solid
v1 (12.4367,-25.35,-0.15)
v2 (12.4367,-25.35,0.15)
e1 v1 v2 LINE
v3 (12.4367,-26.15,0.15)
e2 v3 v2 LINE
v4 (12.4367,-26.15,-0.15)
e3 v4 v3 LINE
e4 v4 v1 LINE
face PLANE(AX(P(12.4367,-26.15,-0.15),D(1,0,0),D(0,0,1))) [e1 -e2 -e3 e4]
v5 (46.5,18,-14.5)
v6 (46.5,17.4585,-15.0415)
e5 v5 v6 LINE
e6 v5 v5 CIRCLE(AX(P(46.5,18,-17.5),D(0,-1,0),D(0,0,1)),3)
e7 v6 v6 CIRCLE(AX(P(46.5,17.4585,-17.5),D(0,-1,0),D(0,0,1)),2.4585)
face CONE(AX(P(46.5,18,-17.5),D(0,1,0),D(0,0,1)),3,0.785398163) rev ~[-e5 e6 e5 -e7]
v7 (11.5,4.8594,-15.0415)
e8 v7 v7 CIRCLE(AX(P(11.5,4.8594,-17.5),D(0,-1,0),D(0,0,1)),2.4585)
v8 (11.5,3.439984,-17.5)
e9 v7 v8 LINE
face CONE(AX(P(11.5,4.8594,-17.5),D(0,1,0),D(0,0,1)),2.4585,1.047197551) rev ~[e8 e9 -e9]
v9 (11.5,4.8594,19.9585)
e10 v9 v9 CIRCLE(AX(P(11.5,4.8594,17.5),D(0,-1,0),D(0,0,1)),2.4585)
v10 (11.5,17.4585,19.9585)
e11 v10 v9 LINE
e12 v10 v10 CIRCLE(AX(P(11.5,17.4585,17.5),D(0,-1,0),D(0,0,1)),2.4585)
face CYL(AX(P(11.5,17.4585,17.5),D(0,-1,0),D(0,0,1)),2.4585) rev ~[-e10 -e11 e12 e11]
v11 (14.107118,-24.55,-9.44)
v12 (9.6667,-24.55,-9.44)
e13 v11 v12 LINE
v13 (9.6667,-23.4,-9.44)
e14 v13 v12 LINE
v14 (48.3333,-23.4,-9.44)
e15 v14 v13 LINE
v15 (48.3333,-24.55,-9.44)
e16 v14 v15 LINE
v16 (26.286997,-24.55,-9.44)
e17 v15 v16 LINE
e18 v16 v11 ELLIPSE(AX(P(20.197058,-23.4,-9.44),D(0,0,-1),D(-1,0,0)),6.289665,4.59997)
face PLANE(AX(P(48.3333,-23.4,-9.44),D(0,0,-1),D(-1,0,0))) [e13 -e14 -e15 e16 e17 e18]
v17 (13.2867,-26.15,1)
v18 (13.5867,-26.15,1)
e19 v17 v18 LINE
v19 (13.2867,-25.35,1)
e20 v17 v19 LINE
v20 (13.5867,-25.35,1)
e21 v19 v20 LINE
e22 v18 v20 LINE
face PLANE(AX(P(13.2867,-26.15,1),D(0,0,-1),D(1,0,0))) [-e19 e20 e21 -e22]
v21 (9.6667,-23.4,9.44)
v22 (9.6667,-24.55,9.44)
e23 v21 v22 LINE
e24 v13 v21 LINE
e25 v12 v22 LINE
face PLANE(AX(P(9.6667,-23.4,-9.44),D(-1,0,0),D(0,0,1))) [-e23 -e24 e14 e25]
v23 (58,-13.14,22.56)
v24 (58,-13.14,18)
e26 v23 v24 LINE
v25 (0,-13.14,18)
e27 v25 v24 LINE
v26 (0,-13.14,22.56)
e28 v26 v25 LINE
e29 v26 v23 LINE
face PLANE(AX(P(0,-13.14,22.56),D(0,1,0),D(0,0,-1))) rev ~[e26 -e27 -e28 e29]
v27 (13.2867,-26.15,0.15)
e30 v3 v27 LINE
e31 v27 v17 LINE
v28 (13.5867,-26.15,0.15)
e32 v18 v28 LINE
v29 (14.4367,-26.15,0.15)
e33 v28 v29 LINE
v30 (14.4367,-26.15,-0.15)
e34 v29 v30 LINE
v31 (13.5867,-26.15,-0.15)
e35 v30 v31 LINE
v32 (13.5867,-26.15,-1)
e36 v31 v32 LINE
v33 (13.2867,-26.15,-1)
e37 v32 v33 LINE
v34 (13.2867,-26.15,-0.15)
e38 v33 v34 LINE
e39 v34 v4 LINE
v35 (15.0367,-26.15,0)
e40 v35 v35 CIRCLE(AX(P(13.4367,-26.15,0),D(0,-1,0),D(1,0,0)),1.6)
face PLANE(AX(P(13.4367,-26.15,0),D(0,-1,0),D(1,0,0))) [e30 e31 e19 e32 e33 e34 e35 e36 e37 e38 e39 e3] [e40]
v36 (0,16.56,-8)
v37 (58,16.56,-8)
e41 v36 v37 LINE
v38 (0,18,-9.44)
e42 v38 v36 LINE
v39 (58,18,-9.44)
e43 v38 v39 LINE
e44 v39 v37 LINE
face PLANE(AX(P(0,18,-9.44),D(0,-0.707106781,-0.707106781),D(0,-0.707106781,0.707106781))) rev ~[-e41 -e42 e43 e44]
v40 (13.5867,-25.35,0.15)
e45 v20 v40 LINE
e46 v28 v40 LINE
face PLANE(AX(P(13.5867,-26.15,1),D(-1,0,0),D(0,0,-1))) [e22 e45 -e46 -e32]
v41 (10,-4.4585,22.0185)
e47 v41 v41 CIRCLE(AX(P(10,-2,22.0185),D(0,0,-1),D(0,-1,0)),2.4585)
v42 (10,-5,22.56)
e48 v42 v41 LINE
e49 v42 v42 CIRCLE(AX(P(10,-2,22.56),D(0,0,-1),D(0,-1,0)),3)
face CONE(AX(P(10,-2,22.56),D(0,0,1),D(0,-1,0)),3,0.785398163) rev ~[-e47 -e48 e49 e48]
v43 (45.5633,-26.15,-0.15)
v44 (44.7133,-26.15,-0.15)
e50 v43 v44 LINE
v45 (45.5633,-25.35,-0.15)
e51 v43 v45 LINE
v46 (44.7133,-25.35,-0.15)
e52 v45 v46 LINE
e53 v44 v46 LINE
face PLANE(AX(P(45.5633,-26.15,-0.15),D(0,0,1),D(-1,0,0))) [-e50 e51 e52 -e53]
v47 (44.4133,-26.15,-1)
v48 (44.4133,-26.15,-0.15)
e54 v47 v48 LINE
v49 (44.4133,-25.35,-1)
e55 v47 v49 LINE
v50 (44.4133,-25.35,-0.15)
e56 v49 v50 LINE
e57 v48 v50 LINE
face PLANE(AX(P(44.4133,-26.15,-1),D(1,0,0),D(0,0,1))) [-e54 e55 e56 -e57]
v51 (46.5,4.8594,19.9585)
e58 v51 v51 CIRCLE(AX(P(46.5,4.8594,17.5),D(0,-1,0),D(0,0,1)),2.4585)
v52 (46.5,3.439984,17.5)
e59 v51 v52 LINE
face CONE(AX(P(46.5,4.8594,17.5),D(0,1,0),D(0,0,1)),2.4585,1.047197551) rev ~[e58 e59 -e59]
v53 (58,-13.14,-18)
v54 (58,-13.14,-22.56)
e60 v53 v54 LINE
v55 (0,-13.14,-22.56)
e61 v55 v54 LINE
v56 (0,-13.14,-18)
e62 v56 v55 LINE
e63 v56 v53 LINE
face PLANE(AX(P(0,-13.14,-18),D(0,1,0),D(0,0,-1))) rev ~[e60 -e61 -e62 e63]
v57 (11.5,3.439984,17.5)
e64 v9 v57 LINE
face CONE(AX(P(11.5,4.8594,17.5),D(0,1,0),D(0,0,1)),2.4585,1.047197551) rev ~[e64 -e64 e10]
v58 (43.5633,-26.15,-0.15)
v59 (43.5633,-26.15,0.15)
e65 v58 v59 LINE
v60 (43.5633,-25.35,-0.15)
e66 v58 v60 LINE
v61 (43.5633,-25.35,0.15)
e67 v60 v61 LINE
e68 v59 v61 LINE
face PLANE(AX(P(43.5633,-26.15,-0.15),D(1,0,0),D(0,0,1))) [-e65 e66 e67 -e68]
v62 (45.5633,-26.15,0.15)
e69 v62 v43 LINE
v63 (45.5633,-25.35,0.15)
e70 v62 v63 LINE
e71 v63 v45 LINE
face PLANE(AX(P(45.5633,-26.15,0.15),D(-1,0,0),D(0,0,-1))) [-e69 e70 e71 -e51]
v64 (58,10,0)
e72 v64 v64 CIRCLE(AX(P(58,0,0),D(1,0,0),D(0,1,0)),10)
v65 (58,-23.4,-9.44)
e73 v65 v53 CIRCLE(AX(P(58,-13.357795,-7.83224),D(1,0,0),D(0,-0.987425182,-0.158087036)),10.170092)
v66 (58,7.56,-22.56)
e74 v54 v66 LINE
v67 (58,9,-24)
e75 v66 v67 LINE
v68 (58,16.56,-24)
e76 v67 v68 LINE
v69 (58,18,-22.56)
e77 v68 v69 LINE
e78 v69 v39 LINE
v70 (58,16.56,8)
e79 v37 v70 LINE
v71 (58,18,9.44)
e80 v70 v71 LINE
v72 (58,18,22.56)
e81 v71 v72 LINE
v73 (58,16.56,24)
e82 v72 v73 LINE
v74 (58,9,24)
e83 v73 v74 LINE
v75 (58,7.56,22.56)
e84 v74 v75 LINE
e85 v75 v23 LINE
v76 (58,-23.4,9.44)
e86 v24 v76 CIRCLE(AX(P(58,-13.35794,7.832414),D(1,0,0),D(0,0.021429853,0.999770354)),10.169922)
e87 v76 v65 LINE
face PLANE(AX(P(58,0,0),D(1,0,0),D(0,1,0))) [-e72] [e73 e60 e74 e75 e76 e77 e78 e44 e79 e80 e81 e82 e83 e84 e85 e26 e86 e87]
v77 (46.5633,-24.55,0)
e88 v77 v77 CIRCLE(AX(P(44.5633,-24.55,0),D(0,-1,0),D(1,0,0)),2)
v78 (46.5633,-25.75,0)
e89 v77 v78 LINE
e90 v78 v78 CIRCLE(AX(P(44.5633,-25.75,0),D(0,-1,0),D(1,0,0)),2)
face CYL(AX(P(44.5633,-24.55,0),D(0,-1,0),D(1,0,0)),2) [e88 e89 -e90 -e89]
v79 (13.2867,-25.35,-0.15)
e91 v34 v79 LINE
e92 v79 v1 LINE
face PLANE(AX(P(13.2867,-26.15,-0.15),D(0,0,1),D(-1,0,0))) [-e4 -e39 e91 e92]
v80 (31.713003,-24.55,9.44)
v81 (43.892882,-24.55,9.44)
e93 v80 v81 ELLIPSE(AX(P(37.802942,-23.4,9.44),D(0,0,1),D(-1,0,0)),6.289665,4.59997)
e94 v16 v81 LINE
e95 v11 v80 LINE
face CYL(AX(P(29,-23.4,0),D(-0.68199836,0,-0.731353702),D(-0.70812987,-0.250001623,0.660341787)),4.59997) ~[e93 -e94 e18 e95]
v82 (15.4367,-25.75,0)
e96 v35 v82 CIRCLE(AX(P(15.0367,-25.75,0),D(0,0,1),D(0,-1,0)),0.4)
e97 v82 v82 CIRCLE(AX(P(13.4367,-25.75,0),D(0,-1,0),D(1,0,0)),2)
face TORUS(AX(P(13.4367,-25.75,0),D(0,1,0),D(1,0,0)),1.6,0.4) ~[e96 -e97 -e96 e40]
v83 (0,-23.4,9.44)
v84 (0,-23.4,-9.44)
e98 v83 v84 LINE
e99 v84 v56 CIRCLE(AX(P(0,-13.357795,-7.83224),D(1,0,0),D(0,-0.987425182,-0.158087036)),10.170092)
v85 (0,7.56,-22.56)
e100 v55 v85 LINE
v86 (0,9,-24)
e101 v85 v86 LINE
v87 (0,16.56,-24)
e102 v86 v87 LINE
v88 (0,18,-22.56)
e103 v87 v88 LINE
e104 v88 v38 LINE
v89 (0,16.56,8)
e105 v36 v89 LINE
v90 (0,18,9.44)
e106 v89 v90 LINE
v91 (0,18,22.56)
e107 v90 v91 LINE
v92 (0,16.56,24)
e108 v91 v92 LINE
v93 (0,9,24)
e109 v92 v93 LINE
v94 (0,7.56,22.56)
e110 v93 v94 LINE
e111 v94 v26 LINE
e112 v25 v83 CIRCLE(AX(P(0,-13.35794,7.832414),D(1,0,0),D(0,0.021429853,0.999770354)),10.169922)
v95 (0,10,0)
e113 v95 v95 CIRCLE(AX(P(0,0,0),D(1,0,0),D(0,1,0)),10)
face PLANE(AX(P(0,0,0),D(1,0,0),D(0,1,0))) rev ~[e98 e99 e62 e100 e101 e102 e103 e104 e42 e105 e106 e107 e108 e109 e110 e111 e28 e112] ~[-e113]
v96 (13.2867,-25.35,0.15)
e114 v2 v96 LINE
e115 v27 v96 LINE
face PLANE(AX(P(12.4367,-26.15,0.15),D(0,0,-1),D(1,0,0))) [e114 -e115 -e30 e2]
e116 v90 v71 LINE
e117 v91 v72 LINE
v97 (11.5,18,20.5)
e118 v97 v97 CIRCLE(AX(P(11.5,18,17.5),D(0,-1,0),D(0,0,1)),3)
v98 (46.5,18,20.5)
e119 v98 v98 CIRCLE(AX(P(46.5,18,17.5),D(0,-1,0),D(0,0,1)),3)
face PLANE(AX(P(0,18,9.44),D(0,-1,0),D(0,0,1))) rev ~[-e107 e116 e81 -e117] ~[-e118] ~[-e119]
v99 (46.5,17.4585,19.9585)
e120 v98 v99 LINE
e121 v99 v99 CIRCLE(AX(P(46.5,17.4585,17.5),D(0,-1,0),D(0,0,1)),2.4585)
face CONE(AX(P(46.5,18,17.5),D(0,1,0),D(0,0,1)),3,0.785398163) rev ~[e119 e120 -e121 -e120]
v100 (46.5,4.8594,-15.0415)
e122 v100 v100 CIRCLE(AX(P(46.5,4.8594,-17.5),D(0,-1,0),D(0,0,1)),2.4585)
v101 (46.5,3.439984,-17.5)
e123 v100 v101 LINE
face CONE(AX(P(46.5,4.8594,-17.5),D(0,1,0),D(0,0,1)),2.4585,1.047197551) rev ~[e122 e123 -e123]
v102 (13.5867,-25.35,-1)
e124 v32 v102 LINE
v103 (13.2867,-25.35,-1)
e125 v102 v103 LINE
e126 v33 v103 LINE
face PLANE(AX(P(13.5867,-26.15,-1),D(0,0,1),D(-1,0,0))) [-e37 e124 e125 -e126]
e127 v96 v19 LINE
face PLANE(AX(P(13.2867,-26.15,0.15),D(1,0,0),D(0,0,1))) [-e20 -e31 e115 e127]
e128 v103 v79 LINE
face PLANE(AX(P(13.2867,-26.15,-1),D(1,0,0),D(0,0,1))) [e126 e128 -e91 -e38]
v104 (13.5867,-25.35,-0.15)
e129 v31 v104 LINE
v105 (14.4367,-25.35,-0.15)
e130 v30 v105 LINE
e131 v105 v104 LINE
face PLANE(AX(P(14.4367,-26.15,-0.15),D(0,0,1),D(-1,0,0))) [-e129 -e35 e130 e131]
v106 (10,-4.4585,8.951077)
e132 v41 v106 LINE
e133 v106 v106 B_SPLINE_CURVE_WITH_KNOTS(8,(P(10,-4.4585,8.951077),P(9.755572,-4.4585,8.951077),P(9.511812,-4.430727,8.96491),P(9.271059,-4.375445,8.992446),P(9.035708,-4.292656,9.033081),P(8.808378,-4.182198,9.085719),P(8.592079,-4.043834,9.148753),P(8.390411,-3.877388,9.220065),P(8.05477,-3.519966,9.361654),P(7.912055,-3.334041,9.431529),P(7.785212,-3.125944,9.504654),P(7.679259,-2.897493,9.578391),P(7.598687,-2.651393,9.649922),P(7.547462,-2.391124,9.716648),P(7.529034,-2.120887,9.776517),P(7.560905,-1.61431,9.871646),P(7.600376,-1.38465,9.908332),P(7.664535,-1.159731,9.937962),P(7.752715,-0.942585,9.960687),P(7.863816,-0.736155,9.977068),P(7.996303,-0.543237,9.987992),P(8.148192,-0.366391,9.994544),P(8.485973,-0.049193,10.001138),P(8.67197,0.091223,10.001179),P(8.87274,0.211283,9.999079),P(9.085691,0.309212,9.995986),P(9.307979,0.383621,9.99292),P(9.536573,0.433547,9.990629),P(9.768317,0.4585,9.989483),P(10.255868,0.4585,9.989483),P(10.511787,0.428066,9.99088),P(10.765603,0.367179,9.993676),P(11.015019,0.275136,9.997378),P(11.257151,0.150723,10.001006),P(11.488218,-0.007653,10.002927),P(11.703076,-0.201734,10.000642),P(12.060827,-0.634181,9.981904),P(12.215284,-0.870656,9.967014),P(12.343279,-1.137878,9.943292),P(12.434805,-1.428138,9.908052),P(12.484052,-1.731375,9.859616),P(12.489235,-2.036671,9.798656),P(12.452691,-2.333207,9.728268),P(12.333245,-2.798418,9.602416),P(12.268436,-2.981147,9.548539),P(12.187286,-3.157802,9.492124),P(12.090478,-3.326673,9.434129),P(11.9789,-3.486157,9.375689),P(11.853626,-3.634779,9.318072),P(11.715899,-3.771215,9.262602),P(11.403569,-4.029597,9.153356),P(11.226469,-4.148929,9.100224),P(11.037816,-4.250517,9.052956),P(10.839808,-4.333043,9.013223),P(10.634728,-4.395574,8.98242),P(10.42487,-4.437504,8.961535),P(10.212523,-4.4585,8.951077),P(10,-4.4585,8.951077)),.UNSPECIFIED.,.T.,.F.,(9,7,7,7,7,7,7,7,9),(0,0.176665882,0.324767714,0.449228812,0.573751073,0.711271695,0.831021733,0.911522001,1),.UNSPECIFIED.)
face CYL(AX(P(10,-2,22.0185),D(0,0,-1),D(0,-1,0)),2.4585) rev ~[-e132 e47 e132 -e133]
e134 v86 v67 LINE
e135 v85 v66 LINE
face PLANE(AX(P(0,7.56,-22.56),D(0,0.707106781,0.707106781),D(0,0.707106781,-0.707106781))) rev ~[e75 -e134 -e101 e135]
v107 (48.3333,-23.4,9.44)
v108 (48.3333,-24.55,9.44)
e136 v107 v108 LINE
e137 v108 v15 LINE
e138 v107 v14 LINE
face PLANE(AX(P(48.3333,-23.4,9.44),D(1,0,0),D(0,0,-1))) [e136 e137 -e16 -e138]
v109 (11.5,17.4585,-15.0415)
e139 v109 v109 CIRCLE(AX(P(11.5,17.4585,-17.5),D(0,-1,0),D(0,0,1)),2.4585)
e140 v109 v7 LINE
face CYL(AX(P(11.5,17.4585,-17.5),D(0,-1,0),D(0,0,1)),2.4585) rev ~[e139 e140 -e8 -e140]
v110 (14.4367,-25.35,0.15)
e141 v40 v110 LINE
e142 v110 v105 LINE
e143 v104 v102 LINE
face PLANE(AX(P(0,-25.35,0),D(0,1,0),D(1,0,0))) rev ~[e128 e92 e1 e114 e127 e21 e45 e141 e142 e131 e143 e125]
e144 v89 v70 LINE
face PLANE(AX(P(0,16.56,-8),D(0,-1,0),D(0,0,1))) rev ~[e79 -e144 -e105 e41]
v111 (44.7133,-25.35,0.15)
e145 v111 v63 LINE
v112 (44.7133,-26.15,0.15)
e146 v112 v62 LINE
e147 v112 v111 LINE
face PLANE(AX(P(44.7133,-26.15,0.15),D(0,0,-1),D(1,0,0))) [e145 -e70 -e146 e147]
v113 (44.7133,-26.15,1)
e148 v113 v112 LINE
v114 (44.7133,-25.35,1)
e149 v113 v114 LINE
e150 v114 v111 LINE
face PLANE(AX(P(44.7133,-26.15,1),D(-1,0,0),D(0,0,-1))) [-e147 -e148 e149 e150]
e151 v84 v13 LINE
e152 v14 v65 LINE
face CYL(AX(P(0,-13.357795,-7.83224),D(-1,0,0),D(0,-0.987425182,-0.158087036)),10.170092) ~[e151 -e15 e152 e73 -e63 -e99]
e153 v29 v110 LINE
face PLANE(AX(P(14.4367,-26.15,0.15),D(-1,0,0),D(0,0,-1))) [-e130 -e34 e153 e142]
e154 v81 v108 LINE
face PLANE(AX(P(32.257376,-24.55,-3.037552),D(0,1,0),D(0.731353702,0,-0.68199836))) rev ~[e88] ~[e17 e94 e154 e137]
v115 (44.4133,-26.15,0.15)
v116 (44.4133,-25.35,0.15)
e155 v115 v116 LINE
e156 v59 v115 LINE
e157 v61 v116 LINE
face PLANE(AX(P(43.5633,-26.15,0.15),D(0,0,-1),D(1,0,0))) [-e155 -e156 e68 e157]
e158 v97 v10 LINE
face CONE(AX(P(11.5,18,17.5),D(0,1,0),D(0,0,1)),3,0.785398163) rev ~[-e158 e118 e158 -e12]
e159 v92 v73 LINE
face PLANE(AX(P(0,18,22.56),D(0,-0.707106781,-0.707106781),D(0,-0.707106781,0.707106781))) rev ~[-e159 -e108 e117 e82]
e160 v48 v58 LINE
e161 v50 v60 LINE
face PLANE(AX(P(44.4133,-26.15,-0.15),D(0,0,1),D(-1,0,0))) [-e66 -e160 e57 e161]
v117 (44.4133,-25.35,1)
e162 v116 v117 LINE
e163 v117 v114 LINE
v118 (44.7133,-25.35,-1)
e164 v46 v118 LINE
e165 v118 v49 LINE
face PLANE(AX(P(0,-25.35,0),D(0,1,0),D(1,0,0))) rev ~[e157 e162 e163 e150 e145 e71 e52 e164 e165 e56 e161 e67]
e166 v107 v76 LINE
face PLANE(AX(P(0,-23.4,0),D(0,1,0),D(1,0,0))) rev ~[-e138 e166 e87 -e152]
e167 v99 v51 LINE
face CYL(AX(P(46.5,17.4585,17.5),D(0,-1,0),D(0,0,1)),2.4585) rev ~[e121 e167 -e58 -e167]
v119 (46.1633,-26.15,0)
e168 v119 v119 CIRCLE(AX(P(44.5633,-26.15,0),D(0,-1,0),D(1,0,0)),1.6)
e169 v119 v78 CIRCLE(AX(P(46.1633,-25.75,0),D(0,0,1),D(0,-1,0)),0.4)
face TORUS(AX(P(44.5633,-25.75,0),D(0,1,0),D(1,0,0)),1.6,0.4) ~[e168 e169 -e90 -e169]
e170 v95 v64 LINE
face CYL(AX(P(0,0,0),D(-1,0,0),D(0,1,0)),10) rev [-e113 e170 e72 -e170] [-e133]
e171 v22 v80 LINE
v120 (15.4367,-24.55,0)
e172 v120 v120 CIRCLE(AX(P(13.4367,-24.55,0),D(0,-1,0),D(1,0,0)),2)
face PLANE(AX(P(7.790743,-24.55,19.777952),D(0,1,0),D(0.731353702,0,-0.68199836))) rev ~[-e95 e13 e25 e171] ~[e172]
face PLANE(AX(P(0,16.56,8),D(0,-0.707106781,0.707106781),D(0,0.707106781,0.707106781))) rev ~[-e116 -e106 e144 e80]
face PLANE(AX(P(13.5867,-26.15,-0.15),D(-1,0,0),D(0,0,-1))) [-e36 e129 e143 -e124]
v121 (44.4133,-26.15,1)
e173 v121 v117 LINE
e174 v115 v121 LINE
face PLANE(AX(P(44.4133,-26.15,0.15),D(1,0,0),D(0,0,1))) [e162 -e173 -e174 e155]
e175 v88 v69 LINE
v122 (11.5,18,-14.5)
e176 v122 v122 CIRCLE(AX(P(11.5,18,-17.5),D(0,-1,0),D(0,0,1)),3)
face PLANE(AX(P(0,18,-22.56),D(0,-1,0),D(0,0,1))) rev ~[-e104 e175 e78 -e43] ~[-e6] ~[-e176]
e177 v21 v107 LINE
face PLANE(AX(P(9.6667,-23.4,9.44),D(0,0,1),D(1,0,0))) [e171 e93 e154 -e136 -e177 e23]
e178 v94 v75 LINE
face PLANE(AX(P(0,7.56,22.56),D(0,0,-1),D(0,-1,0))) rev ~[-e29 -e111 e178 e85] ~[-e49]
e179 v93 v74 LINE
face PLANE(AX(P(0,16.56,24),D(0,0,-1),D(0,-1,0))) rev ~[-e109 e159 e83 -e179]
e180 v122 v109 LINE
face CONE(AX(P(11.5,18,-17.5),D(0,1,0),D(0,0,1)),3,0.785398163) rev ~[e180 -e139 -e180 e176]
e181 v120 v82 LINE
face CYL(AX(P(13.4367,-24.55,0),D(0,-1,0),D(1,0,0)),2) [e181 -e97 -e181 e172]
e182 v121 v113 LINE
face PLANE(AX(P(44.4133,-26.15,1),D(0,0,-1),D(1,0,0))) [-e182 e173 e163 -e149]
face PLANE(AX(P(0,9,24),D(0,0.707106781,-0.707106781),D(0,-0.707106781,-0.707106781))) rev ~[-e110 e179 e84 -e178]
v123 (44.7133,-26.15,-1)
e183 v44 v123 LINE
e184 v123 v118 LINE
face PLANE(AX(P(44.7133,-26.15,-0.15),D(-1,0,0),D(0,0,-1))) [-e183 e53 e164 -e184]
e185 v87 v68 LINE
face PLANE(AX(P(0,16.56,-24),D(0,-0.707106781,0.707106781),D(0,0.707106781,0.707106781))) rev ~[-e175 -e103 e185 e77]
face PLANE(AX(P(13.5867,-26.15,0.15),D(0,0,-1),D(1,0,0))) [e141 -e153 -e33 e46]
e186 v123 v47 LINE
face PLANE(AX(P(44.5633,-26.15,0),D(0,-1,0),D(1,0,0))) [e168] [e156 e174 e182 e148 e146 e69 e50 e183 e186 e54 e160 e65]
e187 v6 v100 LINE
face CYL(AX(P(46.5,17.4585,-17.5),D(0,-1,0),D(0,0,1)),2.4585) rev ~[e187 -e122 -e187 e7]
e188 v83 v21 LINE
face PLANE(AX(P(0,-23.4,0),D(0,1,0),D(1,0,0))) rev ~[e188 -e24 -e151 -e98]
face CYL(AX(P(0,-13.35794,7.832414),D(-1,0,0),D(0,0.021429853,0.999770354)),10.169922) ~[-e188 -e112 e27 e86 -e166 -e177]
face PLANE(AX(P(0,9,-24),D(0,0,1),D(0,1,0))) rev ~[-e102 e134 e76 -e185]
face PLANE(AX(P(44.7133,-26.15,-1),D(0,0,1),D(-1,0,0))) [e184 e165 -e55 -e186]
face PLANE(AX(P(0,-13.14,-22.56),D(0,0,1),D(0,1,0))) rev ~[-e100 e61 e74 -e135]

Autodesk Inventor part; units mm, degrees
sketch "Sketch_1" plane through (0, 0, 0) normal (1, 0, 0) x (0, 1, 0)
  line L0 (16.56, 24) -> (9, 24)
  line L1 (9, 24) -> (7.56, 22.56)
  line L2 (7.56, 22.56) -> (-13.14, 22.56)
  line L3 (-13.14, 22.56) -> (-13.14, 18)
  arc A0 (-13.14, 18) -> (-23.4, 9.44) centre (-13.3579, 7.8323) ccw
  line L4 (-23.4, 9.44) -> (-23.4, -9.44)
  arc A1 (-23.4, -9.44) -> (-13.14, -18) centre (-13.3579, -7.8323) ccw
  line L5 (-13.14, -18) -> (-13.14, -22.56)
  line L6 (-13.14, -22.56) -> (7.56, -22.56)
  line L7 (7.56, -22.56) -> (9, -24)
  line L8 (9, -24) -> (16.56, -24)
  line L9 (16.56, -24) -> (18, -22.56)
  line L10 (18, -22.56) -> (18, -9.44)
  line L11 (18, -9.44) -> (16.56, -8)
  line L12 (16.56, -8) -> (16.56, 8)
  line L13 (16.56, 8) -> (18, 9.44)
  line L14 (18, 9.44) -> (18, 22.56)
  line L15 (18, 22.56) -> (16.56, 24)
  circle A2 centre (0, 0) radius 10
extrude "Extrusion1" add sketch "Sketch_1" along normal blind 58
sketch "Sketch_2" plane through (29, 0, 0) normal (0.682, 0, 0.7314) x (0.7314, 0, -0.682)
  line L0 (-29, -24.55) -> (-4.4539, -24.55)
  arc A0 (-4.4539, -24.55) -> (4.4539, -24.55) centre (0, -23.4) ccw
  line L1 (4.4539, -24.55) -> (29, -24.55)
  line L2 (29, -24.55) -> (29, -23.4)
  line L3 (29, -23.4) -> (-29, -23.4)
  line L4 (-29, -23.4) -> (-29, -24.55)
extrude "Extrusion2" add sketch "Sketch_2" along normal mid plane 58
sketch "Sketch_3" plane through (0, -23.4, 0) normal (0, 1, 0) x (1, 0, 0)
  line L0 (-29, -58) -> (87, -58)
  line L1 (87, -58) -> (87, 58)
  line L2 (87, 58) -> (-29, 58)
  line L3 (-29, 58) -> (-29, -58)
  line L4 (9.6667, -9.44) -> (48.3333, -9.44)
  line L5 (48.3333, -9.44) -> (48.3333, 9.44)
  line L6 (48.3333, 9.44) -> (9.6667, 9.44)
  line L7 (9.6667, 9.44) -> (9.6667, -9.44)
extrude "Extrusion3" cut sketch "Sketch_3" against normal blind 4.6
sketch "Sketch_4" plane through (0, 0, 0) normal (0, 0, 1) x (1, 0, 0)
  line L0 (13.4367, -26.15) -> (13.4367, -24.55)
  line L1 (13.4367, -24.55) -> (15.4367, -24.55)
  line L2 (15.4367, -24.55) -> (15.4367, -25.75)
  arc A0 (15.0367, -26.15) -> (15.4367, -25.75) centre (15.0367, -25.75) ccw
  line L3 (15.0367, -26.15) -> (13.4367, -26.15)
  line L4 (13.4367, -26.15) -> (13.4367, -24.55)
revolve "Revolution1" add sketch "Sketch_4" angle 360 about axis through (13.4367, -26.15, 0) along (0, -1, 0)
sketch "Sketch_5" plane through (0, 0, 0) normal (0, 0, 1) x (1, 0, 0)
  line L0 (44.5633, -26.15) -> (44.5633, -24.55)
  line L1 (44.5633, -24.55) -> (46.5633, -24.55)
  line L2 (46.5633, -24.55) -> (46.5633, -25.75)
  arc A0 (46.1633, -26.15) -> (46.5633, -25.75) centre (46.1633, -25.75) ccw
  line L3 (46.1633, -26.15) -> (44.5633, -26.15)
  line L4 (44.5633, -26.15) -> (44.5633, -24.55)
revolve "Revolution2" add sketch "Sketch_5" angle 360 about axis through (44.5633, -26.15, 0) along (0, -1, 0)
sketch "Sketch_6" plane through (0, -26.15, 0) normal (0, 1, 0) x (1, 0, 0)
  line L0 (43.5633, 0.15) -> (43.5633, -0.15)
  line L1 (43.5633, -0.15) -> (44.4133, -0.15)
  line L2 (44.4133, -0.15) -> (44.4133, -1)
  line L3 (44.4133, -1) -> (44.7133, -1)
  line L4 (44.7133, -1) -> (44.7133, -0.15)
  line L5 (44.7133, -0.15) -> (45.5633, -0.15)
  line L6 (45.5633, -0.15) -> (45.5633, 0.15)
  line L7 (45.5633, 0.15) -> (44.7133, 0.15)
  line L8 (44.7133, 0.15) -> (44.7133, 1)
  line L9 (44.7133, 1) -> (44.4133, 1)
  line L10 (44.4133, 1) -> (44.4133, 0.15)
  line L11 (44.4133, 0.15) -> (43.5633, 0.15)
extrude "Extrusion4" cut sketch "Sketch_6" along normal blind 0.8
sketch "Sketch_7" plane through (0, -26.15, 0) normal (0, 1, 0) x (1, 0, 0)
  line L0 (12.4367, 0.15) -> (12.4367, -0.15)
  line L1 (12.4367, -0.15) -> (13.2867, -0.15)
  line L2 (13.2867, -0.15) -> (13.2867, -1)
  line L3 (13.2867, -1) -> (13.5867, -1)
  line L4 (13.5867, -1) -> (13.5867, -0.15)
  line L5 (13.5867, -0.15) -> (14.4367, -0.15)
  line L6 (14.4367, -0.15) -> (14.4367, 0.15)
  line L7 (14.4367, 0.15) -> (13.5867, 0.15)
  line L8 (13.5867, 0.15) -> (13.5867, 1)
  line L9 (13.5867, 1) -> (13.2867, 1)
  line L10 (13.2867, 1) -> (13.2867, 0.15)
  line L11 (13.2867, 0.15) -> (12.4367, 0.15)
extrude "Extrusion5" cut sketch "Sketch_7" along normal blind 0.8
sketch "Sketch8" plane through (0, -13.14, 22.56) normal (0, 0, 1) x (1, 0, 0)
  point P0 (10, 11.14)
hole "Hole1" at (10, -2, 22.56) direction (0, 0, -1) diameter 4.917 depth 14.1406 tip angle 120 countersink diameter 6 countersink angle 90 thread size "M6x1" class "6H" standard "ISO Metric profile"
sketch "Sketch9" plane through (0, 18, -9.44) normal (0, 1, 0) x (1, 0, 0)
  point P0 (11.5, 8.06)
hole "Hole2" at (11.5, 18, -17.5) direction (0, -1, 0) diameter 4.917 depth 13.1406 tip angle 120 countersink diameter 6 countersink angle 90 thread size "M6x1" class "6H" standard "ISO Metric profile"
pattern_linear "Rectangular Pattern1" count 2 spacing 35 along (1, 0, 0) count 2 spacing 35 along (0, 0, 1) of "Hole2"
ref_plane "bnt_nut_1_XY" through (0, 0, 0) normal (1, 0, 0) x (0, 0, -1)
ref_plane "bnt_nut_1_YZ" through (0, 0, 0) normal (0, 0, -1) x (0, 1, 0)
ref_plane "bnt_nut_1_ZX" through (0, 0, 0) normal (0, 1, 0) x (1, 0, 0)
properties part number "BNT 2010-2.6 Nut"
